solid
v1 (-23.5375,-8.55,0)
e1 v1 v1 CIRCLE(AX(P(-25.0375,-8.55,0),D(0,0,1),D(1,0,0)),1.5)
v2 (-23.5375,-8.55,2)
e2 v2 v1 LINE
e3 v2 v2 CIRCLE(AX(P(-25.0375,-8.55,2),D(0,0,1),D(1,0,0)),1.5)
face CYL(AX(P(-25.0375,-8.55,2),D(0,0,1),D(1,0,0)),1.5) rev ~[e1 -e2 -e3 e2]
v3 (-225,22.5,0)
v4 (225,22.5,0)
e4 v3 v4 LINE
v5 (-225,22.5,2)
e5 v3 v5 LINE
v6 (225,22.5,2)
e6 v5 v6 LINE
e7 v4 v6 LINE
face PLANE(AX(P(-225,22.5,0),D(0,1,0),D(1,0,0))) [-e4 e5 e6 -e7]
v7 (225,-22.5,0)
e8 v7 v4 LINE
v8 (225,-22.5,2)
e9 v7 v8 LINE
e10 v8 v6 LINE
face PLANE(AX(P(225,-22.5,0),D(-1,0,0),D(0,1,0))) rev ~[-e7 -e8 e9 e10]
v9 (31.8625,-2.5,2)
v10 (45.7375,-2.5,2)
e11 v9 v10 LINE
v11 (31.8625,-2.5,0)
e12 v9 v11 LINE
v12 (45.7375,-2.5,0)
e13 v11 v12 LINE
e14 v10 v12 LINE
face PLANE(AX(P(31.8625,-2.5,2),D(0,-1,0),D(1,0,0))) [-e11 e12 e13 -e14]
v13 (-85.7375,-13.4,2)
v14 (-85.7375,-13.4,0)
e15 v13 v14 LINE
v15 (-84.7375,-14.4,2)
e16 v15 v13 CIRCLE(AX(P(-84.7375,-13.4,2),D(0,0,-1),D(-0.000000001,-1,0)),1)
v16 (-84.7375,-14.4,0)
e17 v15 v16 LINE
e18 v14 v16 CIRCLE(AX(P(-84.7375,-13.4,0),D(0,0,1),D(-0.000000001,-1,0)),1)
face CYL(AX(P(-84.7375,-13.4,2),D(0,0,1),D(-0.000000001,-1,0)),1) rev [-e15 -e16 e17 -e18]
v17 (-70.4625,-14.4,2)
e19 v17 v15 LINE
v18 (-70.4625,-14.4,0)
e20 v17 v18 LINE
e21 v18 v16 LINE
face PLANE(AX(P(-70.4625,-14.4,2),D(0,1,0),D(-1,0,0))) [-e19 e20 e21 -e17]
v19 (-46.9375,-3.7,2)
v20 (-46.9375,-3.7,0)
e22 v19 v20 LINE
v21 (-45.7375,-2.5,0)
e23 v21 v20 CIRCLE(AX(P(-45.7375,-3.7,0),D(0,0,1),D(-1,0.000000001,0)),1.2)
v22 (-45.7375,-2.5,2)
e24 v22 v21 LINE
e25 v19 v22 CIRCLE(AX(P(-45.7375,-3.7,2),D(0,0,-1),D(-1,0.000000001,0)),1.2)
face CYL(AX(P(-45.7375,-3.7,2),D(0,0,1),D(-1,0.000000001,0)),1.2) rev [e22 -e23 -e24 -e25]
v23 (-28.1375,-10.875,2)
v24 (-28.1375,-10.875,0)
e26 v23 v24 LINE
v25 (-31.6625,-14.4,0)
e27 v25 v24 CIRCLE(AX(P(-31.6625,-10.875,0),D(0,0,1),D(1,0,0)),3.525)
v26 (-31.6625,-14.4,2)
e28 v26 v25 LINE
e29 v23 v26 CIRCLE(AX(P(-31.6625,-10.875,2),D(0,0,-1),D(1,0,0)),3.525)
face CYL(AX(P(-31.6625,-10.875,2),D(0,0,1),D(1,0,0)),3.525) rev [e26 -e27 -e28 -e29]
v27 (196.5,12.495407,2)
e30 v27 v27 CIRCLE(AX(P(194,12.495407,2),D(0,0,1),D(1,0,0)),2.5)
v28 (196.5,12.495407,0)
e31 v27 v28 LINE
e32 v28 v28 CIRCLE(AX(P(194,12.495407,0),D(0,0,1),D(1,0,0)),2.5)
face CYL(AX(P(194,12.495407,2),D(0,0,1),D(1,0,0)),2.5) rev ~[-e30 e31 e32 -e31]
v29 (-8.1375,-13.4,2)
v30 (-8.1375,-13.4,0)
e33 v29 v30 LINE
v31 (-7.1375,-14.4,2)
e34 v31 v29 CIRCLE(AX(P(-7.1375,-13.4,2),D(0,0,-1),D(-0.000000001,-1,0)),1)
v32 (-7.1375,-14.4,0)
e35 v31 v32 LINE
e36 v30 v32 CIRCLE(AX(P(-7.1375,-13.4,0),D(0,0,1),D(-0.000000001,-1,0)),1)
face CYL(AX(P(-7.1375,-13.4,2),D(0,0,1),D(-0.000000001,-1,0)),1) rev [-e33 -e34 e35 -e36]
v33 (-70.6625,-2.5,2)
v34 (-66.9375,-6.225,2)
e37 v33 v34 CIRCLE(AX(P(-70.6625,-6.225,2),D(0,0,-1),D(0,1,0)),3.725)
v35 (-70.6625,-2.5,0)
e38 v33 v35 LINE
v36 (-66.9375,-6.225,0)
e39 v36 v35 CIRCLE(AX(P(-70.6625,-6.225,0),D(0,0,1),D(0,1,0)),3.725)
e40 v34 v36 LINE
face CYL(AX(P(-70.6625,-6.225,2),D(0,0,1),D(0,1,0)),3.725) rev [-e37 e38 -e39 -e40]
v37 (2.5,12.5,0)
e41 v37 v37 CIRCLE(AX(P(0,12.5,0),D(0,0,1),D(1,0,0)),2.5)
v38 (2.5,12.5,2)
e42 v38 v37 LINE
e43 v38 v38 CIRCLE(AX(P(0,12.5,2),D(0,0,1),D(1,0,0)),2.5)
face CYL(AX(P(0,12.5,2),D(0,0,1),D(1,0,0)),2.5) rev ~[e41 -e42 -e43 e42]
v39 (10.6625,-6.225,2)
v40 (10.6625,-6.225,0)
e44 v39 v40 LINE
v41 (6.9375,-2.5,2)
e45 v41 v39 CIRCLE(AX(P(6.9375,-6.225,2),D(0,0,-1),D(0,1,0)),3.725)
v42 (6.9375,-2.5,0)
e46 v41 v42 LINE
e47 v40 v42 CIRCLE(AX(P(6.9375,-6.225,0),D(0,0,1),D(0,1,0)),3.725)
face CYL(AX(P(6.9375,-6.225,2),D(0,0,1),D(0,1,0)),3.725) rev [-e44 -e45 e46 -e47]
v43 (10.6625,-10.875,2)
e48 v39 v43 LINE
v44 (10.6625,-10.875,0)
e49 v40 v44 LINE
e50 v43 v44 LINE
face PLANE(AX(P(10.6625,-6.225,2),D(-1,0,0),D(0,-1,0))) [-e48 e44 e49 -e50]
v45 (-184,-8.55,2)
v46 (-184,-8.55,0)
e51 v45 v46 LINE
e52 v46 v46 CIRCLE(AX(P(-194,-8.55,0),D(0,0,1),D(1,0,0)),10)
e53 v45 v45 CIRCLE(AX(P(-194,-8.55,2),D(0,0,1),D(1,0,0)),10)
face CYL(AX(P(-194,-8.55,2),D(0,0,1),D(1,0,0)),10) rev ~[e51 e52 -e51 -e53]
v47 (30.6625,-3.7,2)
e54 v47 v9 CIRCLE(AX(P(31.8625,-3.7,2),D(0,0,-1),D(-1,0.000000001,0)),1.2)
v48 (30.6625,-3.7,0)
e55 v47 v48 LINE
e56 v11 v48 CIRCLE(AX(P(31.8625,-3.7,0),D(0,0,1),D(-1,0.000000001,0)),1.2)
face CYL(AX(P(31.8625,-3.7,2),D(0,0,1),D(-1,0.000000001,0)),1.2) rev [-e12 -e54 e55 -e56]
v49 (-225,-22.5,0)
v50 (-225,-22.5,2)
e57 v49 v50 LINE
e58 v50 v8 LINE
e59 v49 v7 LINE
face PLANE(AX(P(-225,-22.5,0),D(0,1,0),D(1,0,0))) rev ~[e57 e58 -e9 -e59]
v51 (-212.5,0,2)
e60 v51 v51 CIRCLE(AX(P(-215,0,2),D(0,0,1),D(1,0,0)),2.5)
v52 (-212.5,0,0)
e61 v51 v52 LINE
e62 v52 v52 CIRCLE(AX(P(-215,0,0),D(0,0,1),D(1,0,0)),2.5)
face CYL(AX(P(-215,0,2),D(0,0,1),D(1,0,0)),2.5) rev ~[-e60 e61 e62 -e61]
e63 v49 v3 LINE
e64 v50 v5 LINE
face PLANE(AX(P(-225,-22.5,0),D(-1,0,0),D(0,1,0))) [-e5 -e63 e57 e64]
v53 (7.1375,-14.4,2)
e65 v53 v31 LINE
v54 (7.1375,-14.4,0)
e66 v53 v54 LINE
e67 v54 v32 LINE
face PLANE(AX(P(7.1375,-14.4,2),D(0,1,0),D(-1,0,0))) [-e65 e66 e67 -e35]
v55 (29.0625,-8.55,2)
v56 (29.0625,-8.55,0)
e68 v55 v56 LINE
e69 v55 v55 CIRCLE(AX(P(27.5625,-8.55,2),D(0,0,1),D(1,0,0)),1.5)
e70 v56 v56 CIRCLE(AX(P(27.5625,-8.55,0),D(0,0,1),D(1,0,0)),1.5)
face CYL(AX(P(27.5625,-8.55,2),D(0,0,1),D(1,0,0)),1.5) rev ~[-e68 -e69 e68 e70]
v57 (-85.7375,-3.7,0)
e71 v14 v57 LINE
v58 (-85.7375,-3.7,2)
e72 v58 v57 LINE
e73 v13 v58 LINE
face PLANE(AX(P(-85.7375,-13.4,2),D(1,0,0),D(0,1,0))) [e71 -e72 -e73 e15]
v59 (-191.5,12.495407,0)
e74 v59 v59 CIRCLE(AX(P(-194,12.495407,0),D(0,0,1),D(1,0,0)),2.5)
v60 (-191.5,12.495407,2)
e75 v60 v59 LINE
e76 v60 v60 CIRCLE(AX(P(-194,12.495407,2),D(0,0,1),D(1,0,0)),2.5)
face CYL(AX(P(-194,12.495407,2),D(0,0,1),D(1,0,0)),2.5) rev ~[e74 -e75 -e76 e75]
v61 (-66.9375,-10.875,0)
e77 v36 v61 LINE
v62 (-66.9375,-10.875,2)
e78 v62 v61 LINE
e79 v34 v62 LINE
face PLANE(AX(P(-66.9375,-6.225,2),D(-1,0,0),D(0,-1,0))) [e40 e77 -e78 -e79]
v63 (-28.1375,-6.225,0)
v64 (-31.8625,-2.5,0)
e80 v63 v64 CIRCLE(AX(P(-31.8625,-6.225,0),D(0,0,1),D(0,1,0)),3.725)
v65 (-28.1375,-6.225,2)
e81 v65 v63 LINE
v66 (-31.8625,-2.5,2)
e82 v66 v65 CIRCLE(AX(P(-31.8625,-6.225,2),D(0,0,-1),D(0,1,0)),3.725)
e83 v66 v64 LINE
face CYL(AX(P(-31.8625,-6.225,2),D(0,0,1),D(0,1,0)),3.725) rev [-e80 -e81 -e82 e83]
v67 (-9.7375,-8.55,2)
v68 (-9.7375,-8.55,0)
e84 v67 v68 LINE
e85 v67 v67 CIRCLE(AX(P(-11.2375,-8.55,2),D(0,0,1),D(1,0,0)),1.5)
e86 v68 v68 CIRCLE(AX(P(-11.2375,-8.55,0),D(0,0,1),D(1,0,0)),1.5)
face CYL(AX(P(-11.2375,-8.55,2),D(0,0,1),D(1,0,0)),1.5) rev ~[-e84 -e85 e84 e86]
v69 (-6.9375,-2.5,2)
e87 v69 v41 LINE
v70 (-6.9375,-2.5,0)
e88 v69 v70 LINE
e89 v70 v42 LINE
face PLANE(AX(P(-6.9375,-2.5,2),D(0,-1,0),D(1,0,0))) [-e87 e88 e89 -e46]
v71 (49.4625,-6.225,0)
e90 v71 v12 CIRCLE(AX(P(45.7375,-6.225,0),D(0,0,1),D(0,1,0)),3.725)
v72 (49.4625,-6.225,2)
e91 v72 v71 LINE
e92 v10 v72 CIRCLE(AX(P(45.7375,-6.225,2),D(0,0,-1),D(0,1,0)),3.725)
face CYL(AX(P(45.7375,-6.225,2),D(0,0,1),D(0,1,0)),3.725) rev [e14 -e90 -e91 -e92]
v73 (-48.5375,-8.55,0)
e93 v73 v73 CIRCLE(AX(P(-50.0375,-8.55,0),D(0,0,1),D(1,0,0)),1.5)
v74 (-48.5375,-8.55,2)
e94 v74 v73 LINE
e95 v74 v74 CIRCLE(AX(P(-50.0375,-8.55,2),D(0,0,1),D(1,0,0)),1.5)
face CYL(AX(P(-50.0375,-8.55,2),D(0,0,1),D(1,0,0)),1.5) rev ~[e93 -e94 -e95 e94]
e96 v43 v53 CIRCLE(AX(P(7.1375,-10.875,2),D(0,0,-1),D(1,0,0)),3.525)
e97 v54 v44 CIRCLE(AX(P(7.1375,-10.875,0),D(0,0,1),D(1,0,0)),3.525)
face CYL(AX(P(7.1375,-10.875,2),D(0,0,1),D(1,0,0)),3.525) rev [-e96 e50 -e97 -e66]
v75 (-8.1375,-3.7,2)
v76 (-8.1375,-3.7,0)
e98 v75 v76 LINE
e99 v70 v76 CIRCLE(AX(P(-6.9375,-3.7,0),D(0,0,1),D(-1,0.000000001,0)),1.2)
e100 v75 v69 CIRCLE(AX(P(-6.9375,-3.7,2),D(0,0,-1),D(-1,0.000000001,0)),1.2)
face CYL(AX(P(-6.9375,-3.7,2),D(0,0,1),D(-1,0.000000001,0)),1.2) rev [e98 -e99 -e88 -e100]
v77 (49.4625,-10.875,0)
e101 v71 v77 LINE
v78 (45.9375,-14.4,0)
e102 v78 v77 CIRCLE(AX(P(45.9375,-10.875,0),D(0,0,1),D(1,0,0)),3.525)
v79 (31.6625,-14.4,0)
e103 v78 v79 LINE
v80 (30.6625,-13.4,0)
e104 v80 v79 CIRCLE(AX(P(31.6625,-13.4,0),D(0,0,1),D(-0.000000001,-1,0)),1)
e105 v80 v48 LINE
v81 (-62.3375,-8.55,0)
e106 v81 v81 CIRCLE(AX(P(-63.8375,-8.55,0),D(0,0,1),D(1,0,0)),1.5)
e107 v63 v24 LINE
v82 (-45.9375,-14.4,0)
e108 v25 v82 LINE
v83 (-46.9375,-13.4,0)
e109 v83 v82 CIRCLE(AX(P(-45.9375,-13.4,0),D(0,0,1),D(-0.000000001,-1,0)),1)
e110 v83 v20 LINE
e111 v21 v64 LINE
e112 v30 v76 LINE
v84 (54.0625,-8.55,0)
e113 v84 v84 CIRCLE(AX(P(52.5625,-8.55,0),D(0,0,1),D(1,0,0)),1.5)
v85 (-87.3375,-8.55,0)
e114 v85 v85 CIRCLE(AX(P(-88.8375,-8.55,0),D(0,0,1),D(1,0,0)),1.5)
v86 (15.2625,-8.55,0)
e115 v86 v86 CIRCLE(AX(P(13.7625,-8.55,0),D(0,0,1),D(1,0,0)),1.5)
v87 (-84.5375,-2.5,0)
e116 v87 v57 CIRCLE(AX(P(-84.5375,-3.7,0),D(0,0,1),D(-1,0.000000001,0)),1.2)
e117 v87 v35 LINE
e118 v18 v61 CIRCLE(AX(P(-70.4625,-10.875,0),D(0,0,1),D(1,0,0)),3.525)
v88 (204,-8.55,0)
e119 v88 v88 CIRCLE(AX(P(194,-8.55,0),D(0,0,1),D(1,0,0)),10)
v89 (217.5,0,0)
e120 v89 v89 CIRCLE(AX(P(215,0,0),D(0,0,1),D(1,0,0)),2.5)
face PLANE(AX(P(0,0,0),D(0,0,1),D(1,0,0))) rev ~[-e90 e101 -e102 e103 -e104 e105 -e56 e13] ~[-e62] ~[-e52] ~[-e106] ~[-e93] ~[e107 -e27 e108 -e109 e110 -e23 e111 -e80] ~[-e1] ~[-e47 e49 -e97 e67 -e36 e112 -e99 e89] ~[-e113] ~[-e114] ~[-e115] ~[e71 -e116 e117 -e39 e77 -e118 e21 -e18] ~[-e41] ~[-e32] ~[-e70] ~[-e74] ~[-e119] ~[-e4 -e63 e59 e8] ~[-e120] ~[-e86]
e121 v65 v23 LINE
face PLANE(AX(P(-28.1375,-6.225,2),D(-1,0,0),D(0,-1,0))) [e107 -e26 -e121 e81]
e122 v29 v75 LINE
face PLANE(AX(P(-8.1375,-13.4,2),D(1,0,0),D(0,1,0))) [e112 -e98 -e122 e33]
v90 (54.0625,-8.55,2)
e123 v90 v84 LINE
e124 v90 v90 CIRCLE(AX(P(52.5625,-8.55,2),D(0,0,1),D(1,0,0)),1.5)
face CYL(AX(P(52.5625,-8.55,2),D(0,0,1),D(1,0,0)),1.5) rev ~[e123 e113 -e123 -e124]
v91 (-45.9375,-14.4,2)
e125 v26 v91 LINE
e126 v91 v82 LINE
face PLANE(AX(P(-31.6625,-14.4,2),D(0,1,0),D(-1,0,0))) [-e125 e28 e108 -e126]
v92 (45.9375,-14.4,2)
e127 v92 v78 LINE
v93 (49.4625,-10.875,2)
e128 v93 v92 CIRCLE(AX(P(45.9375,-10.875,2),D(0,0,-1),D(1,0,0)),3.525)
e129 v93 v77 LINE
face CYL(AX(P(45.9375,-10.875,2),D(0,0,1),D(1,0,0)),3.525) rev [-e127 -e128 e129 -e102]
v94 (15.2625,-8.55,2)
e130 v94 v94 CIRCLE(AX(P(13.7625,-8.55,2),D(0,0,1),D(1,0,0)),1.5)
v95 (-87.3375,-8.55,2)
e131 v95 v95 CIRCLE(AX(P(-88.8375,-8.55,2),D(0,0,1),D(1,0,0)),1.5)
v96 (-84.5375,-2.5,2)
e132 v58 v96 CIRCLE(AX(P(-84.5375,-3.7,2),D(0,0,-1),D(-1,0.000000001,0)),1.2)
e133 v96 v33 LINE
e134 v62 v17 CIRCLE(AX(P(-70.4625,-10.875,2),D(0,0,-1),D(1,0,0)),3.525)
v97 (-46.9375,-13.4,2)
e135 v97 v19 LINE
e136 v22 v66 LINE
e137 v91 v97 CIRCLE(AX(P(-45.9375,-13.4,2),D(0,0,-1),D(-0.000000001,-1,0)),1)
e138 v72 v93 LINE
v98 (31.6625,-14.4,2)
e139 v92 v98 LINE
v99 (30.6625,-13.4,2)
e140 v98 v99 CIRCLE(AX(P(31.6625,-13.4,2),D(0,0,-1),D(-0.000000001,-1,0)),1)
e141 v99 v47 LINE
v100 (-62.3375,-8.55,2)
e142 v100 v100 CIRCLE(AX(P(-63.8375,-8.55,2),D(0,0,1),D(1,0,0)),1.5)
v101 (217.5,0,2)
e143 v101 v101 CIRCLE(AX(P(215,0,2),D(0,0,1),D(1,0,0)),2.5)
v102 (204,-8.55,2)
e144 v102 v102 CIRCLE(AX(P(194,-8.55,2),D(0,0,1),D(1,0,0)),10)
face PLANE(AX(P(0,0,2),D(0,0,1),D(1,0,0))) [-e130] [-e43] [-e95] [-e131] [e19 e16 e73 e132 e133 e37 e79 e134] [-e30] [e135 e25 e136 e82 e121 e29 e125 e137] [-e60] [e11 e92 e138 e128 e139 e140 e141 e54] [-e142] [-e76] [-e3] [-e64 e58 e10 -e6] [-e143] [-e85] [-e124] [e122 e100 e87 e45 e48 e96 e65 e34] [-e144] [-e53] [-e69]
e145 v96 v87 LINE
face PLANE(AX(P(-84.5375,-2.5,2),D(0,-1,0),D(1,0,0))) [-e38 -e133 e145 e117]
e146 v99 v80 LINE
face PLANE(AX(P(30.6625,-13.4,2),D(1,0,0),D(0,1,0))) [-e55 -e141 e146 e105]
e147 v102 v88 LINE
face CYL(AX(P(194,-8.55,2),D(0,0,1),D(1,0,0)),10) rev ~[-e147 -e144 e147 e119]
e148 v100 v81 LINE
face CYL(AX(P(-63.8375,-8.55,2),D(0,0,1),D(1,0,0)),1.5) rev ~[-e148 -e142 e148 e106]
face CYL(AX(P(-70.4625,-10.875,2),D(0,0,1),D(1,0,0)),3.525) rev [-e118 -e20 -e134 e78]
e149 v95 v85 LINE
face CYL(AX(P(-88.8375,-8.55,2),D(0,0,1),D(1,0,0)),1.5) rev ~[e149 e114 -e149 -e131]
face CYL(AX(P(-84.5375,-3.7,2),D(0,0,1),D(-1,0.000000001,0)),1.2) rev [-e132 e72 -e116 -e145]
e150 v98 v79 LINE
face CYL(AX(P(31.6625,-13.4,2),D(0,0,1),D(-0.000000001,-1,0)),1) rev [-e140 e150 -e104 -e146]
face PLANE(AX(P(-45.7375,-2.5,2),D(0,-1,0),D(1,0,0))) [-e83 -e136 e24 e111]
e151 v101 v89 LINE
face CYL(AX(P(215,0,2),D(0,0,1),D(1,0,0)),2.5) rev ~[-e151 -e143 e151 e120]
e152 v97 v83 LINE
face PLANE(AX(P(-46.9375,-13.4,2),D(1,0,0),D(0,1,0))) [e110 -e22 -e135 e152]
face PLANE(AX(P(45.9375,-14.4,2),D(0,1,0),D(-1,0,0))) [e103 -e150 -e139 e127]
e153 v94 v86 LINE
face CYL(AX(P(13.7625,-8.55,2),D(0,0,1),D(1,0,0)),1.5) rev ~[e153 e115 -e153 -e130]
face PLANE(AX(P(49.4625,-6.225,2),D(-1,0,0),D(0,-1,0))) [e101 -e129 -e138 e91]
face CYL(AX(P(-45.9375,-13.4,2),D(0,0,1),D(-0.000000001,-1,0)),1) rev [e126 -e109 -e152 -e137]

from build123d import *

# Parameters (mm, degrees)
SKETCH1_W           = 450
SKETCH1_H           = 45
BOSS_EXTRUDE1_DEPTH = 2
SKETCH2_R           = 1.5
CUT_EXTRUDE1_DEPTH  = 227.131046077
SKETCH3_R           = 2.5
CUT_EXTRUDE2_DEPTH  = 227.131046077
SKETCH4_R           = 10
CUT_EXTRUDE3_DEPTH  = 10


with BuildPart() as part:
    # Sketch1 → Boss-Extrude1 (new body)
    with BuildSketch(Plane.XY):
        Rectangle(SKETCH1_W, SKETCH1_H)
    extrude(amount=BOSS_EXTRUDE1_DEPTH)

    # Sketch2 → Cut-Extrude1 (cut, through all)
    with BuildSketch(Plane.XY.offset(2)):
        with Locations((-50.0375, -8.55)):
            Circle(SKETCH2_R)
        with Locations((-25.0375, -8.55)):
            Circle(SKETCH2_R)
        with Locations((-11.2375, -8.55)):
            Circle(SKETCH2_R)
        with Locations((13.7625, -8.55)):
            Circle(SKETCH2_R)
        with Locations((27.5625, -8.55)):
            Circle(SKETCH2_R)
        with Locations((52.5625, -8.55)):
            Circle(SKETCH2_R)
        with Locations((-88.8375, -8.55)):
            Circle(SKETCH2_R)
        with Locations((-63.8375, -8.55)):
            Circle(SKETCH2_R)
        with BuildLine():
            Line((-31.6625, -14.4), (-45.9375, -14.4))
            ThreePointArc((-45.9375, -14.4), (-46.644606781, -14.107106781), (-46.9375, -13.4))
            Line((-46.9375, -13.4), (-46.9375, -3.7))
            ThreePointArc((-46.9375, -3.7), (-46.586028137, -2.851471863), (-45.7375, -2.5))
            Line((-45.7375, -2.5), (-31.8625, -2.5))
            ThreePointArc((-31.8625, -2.5), (-29.22852724, -3.59102724), (-28.1375, -6.225))
            Line((-28.1375, -6.225), (-28.1375, -10.875))
            ThreePointArc((-28.1375, -10.875), (-29.169948596, -13.367551404), (-31.6625, -14.4))
        make_face()
        with BuildLine():
            Line((7.1375, -14.4), (-7.1375, -14.4))
            ThreePointArc((-7.1375, -14.4), (-7.844606781, -14.107106781), (-8.1375, -13.4))
            Line((-8.1375, -13.4), (-8.1375, -3.7))
            ThreePointArc((-8.1375, -3.7), (-7.786028137, -2.851471863), (-6.9375, -2.5))
            Line((-6.9375, -2.5), (6.9375, -2.5))
            ThreePointArc((6.9375, -2.5), (9.57147276, -3.59102724), (10.6625, -6.225))
            Line((10.6625, -6.225), (10.6625, -10.875))
            ThreePointArc((10.6625, -10.875), (9.630051404, -13.367551404), (7.1375, -14.4))
        make_face()
        with BuildLine():
            Line((45.9375, -14.4), (31.6625, -14.4))
            ThreePointArc((31.6625, -14.4), (30.955393219, -14.107106781), (30.6625, -13.4))
            Line((30.6625, -13.4), (30.6625, -3.7))
            ThreePointArc((30.6625, -3.7), (31.013971863, -2.851471863), (31.8625, -2.5))
            Line((31.8625, -2.5), (45.7375, -2.5))
            ThreePointArc((45.7375, -2.5), (48.37147276, -3.59102724), (49.4625, -6.225))
            Line((49.4625, -6.225), (49.4625, -10.875))
            ThreePointArc((49.4625, -10.875), (48.430051404, -13.367551404), (45.9375, -14.4))
        make_face()
        with BuildLine():
            Line((-70.4625, -14.4), (-84.7375, -14.4))
            ThreePointArc((-84.7375, -14.4), (-85.444606781, -14.107106781), (-85.7375, -13.4))
            Line((-85.7375, -13.4), (-85.7375, -3.7))
            ThreePointArc((-85.7375, -3.7), (-85.386028137, -2.851471863), (-84.5375, -2.5))
            Line((-84.5375, -2.5), (-70.6625, -2.5))
            ThreePointArc((-70.6625, -2.5), (-68.02852724, -3.59102724), (-66.9375, -6.225))
            Line((-66.9375, -6.225), (-66.9375, -10.875))
            ThreePointArc((-66.9375, -10.875), (-67.969948596, -13.367551404), (-70.4625, -14.4))
        make_face()
    extrude(amount=-CUT_EXTRUDE1_DEPTH, mode=Mode.SUBTRACT)

    # Sketch3 → Cut-Extrude2 (cut, through all)
    with BuildSketch(Plane.XY.offset(2)):
        with Locations((-215, 0)):
            Circle(SKETCH3_R)
        with Locations((215, 0)):
            Circle(SKETCH3_R)
        with Locations((-194, 12.495407459)):
            Circle(SKETCH3_R)
        with Locations((194, 12.495407459)):
            Circle(SKETCH3_R)
        with Locations((0, 12.5)):
            Circle(SKETCH3_R)
    extrude(amount=-CUT_EXTRUDE2_DEPTH, mode=Mode.SUBTRACT)

    # Sketch4 → Cut-Extrude3 (cut)
    with BuildSketch(Plane.XY.offset(2)):
        with Locations((-194, -8.55)):
            Circle(SKETCH4_R)
        with Locations((194, -8.55)):
            Circle(SKETCH4_R)
    extrude(amount=-CUT_EXTRUDE3_DEPTH, mode=Mode.SUBTRACT)


solid = part.part
